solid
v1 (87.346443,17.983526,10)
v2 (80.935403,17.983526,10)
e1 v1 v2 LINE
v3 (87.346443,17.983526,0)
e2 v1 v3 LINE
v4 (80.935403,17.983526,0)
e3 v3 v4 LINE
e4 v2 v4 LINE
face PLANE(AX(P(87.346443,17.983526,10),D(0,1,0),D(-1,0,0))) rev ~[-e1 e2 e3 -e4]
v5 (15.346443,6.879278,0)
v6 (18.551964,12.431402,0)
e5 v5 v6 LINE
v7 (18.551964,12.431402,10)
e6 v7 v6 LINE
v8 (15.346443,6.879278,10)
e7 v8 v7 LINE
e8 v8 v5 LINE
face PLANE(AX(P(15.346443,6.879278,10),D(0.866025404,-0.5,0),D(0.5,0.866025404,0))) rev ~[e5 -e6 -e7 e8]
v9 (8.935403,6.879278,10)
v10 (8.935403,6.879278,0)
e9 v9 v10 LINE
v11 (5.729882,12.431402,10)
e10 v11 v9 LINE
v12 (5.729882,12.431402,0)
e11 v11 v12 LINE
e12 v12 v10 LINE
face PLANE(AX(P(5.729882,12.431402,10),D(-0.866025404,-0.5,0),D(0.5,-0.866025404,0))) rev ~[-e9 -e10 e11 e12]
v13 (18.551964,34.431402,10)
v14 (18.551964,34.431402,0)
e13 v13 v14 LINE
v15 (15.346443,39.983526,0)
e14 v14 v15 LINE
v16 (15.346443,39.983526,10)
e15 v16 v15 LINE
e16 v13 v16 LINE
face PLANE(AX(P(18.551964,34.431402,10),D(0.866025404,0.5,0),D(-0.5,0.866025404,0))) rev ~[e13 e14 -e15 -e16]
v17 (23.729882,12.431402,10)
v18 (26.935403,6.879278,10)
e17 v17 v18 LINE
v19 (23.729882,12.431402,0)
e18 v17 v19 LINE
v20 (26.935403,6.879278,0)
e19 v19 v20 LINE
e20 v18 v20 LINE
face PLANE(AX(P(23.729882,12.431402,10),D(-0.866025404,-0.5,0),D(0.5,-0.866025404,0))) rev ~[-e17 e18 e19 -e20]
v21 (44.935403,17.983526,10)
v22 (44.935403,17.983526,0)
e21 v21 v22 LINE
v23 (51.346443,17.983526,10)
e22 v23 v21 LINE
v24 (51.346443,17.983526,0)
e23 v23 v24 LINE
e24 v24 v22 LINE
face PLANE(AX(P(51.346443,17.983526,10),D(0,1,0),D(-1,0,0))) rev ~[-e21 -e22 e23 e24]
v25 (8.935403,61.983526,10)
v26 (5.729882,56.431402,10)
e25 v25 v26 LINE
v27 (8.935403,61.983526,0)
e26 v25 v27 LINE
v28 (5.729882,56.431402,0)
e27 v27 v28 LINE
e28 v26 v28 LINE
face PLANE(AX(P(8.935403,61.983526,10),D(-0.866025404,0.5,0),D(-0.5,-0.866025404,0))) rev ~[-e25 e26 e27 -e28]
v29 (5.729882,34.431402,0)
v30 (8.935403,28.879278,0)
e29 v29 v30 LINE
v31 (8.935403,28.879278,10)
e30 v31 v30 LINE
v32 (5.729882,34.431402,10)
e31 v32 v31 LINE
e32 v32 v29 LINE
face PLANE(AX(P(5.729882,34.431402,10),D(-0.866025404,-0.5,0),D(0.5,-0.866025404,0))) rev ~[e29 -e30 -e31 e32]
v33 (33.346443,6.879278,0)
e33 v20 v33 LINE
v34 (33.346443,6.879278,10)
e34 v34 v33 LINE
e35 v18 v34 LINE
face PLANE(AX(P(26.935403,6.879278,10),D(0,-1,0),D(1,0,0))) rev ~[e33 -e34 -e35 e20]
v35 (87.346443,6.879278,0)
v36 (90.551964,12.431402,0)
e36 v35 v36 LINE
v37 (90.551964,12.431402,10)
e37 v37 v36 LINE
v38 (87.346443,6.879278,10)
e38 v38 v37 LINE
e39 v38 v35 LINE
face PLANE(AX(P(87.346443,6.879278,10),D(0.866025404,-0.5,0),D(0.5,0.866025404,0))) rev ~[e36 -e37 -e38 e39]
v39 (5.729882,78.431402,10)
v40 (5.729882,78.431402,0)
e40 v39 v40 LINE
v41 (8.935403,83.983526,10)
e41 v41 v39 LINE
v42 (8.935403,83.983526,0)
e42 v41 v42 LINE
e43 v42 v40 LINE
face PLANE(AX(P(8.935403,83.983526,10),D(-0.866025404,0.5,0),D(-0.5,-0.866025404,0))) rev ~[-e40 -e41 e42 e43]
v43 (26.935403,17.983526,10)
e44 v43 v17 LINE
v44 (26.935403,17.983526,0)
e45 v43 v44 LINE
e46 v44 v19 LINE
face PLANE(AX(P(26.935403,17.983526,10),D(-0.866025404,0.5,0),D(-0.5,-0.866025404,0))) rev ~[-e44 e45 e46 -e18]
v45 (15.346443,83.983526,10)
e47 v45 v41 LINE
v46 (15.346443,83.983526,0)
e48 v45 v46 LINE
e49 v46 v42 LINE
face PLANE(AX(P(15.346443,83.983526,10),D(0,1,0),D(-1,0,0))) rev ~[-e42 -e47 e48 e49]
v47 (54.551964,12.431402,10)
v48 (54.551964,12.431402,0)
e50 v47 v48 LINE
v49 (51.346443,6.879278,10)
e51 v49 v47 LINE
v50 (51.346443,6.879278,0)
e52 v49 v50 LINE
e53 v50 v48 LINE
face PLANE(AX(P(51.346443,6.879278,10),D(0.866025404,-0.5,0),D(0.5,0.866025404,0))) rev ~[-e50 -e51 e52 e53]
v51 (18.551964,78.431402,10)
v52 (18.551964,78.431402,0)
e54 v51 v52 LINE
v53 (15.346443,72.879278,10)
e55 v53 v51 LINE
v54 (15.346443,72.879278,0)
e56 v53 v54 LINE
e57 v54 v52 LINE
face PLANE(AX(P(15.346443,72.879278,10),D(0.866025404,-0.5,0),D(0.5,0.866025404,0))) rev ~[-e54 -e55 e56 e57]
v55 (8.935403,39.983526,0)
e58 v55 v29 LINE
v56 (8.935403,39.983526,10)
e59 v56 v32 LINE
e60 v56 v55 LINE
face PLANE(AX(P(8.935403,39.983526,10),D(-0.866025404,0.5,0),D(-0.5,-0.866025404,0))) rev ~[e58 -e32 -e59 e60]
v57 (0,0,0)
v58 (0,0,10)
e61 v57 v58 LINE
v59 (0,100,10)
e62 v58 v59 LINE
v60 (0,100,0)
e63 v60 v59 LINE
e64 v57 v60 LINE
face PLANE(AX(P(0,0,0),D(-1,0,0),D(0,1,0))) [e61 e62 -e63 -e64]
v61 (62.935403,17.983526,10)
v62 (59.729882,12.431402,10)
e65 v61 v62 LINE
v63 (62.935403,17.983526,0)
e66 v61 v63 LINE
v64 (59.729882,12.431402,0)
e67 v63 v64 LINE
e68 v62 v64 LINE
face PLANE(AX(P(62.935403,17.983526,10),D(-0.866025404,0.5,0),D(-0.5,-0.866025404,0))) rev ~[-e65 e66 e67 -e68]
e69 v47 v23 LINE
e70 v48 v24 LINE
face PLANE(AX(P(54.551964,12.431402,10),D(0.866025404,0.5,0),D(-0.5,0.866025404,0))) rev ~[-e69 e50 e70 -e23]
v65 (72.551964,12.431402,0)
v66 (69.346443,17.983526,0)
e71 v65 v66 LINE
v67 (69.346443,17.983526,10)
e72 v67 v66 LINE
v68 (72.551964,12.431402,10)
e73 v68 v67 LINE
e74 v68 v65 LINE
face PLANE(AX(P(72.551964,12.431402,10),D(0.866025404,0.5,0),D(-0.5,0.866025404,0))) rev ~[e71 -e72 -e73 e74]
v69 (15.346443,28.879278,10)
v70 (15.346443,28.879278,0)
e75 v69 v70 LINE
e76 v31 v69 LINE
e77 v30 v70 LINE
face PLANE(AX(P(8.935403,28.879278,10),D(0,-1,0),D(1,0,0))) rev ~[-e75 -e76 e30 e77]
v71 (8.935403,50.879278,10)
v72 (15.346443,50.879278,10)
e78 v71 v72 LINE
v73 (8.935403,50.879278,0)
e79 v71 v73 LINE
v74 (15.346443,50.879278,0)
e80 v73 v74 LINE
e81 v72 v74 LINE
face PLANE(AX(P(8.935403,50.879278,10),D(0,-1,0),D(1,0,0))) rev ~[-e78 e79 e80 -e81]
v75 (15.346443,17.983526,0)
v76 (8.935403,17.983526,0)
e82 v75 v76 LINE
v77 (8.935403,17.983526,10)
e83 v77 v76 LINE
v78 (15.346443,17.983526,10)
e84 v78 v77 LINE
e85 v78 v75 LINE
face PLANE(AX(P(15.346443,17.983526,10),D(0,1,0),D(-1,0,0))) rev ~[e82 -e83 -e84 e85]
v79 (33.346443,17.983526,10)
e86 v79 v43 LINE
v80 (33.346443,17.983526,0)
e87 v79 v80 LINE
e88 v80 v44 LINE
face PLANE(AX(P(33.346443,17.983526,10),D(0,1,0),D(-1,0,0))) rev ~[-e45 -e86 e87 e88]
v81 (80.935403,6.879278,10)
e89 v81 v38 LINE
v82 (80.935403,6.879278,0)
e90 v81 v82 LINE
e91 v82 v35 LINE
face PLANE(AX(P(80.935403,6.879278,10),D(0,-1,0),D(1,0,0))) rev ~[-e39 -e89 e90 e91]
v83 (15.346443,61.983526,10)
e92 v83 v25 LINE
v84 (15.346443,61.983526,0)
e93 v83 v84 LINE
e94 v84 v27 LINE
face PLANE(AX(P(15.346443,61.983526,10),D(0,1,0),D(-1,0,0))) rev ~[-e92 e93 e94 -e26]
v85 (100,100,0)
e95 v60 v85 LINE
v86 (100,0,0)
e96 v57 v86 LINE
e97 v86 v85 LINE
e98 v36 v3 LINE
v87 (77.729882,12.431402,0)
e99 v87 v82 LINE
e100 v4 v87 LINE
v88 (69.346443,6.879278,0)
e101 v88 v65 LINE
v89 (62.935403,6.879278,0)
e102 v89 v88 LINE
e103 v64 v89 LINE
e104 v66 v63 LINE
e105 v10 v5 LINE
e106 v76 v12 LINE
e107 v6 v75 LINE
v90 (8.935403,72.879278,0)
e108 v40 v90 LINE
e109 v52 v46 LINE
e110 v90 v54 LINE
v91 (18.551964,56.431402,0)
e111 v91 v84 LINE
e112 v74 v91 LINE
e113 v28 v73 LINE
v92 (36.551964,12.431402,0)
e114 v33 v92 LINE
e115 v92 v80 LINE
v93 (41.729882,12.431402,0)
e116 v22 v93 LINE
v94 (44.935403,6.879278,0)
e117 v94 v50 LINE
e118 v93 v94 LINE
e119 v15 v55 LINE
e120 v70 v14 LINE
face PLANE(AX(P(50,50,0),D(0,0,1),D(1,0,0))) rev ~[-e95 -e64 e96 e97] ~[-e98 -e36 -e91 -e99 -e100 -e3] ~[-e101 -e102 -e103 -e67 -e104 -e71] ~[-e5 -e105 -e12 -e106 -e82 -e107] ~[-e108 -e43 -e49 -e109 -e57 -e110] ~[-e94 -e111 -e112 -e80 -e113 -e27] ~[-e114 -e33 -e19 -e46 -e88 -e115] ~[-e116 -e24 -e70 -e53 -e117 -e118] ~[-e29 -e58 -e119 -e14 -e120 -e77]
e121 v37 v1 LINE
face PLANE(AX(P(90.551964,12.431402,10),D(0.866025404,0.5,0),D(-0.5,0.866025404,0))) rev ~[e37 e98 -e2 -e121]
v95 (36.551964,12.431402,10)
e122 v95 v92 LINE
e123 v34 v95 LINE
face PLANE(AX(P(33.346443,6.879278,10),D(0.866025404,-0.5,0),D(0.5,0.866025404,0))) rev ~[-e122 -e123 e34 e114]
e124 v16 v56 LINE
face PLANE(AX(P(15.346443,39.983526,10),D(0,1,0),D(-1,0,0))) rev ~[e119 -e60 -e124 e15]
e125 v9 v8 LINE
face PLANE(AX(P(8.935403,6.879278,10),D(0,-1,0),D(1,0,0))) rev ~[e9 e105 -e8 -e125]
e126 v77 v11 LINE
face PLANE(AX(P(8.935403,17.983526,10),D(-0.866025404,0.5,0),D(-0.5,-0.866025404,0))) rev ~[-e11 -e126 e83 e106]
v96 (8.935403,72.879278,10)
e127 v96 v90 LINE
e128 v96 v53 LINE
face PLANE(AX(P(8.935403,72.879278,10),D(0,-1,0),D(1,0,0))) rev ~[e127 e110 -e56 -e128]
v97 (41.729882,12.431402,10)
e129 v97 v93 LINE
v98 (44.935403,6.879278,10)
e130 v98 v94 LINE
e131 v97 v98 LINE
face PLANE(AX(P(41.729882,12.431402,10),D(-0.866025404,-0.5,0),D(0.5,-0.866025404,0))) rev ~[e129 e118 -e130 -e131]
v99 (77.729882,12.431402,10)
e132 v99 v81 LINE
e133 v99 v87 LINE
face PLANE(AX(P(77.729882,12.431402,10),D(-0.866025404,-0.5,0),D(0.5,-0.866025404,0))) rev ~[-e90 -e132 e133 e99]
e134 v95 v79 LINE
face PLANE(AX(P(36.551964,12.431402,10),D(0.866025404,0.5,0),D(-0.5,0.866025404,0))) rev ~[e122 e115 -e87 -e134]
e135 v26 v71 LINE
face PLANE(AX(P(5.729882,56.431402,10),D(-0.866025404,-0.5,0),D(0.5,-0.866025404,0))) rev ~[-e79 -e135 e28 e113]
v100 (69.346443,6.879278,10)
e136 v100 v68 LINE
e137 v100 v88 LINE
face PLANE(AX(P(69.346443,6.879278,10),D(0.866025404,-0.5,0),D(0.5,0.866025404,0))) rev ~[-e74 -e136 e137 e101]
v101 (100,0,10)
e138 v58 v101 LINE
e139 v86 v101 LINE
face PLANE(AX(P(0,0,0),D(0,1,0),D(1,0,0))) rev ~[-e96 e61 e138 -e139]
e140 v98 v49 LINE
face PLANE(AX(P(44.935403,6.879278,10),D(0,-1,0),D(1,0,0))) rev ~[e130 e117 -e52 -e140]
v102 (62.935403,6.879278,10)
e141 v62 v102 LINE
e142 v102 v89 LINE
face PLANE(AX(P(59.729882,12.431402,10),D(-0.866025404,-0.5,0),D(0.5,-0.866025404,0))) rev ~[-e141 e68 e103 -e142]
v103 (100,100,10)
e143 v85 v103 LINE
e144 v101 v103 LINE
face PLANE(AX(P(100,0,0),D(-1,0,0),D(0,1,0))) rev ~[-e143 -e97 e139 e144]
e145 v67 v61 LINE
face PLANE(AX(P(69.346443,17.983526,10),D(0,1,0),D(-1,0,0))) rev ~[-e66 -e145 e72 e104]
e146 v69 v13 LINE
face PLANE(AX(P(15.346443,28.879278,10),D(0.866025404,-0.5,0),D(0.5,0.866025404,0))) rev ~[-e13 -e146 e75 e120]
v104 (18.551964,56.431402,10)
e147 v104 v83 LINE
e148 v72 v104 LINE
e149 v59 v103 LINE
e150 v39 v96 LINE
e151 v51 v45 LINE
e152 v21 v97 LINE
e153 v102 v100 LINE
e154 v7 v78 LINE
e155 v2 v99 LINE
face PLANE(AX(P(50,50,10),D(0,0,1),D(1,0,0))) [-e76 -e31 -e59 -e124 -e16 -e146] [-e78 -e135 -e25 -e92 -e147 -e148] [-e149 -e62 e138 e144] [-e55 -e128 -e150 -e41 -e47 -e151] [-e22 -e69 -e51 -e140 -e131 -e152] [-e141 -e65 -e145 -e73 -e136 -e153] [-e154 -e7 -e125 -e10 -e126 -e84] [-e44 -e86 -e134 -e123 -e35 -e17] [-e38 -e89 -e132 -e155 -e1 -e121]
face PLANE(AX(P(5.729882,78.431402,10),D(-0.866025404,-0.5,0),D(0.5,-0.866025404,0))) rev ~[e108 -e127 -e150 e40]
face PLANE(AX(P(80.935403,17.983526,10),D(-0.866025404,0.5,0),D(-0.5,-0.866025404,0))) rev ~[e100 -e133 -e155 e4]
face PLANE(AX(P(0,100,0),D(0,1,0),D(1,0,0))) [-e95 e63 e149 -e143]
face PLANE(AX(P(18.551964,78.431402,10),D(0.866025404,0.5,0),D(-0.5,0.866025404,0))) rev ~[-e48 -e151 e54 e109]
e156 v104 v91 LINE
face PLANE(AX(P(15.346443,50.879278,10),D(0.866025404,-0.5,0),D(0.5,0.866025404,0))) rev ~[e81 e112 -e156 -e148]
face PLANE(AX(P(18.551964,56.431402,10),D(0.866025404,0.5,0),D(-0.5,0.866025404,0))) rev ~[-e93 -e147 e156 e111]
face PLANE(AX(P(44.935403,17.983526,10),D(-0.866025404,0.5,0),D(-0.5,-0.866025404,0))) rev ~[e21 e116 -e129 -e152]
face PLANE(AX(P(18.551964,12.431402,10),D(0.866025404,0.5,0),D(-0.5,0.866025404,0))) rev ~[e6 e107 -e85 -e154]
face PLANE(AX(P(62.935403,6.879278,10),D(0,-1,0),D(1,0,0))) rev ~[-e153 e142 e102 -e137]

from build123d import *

# Parameters (mm, degrees)
SKETCH_1_W                 = 100
SKETCH_1_H                 = 100
EXTRUDE_1_DEPTH            = 10
CUT_EXTRUDE_2_DEPTH        = 142.774468788
PATTERN_LINEAR_1_COUNT     = 4
PATTERN_LINEAR_1_PITCH     = 22
PATTERN_LINEAR_1_COL_COUNT = 5
PATTERN_LINEAR_1_COL_PITCH = 18


with BuildPart() as part:
    # 草圖1 → 伸長1 (new body)
    with BuildSketch(Plane.XY):
        with Locations((50, 50)):
            Rectangle(SKETCH_1_W, SKETCH_1_H)
    extrude(amount=EXTRUDE_1_DEPTH)

    # 草圖2 → 伸長2 (cut, through all)
    with BuildSketch(Plane.XY.offset(10)):
        Polygon((15.34644344, 17.983526064), (8.935402707, 17.983526064), (5.72988234, 12.431401924), (8.935402707, 6.879277785), (15.34644344, 6.879277785), (18.551963806, 12.431401924), align=None)
    cut_extrude_2 = extrude(amount=-CUT_EXTRUDE_2_DEPTH, mode=Mode.SUBTRACT)

    # 直線複製排列1: 伸長2 ×4
    with Locations(*[(0, i * PATTERN_LINEAR_1_PITCH, 0) for i in range(1, PATTERN_LINEAR_1_COUNT)]):
        add(cut_extrude_2, mode=Mode.SUBTRACT)

    # 直線複製排列1 col: 伸長2 ×5
    with Locations(*[(i * PATTERN_LINEAR_1_COL_PITCH, 0, 0) for i in range(1, PATTERN_LINEAR_1_COL_COUNT)]):
        add(cut_extrude_2, mode=Mode.SUBTRACT)


solid = part.part
